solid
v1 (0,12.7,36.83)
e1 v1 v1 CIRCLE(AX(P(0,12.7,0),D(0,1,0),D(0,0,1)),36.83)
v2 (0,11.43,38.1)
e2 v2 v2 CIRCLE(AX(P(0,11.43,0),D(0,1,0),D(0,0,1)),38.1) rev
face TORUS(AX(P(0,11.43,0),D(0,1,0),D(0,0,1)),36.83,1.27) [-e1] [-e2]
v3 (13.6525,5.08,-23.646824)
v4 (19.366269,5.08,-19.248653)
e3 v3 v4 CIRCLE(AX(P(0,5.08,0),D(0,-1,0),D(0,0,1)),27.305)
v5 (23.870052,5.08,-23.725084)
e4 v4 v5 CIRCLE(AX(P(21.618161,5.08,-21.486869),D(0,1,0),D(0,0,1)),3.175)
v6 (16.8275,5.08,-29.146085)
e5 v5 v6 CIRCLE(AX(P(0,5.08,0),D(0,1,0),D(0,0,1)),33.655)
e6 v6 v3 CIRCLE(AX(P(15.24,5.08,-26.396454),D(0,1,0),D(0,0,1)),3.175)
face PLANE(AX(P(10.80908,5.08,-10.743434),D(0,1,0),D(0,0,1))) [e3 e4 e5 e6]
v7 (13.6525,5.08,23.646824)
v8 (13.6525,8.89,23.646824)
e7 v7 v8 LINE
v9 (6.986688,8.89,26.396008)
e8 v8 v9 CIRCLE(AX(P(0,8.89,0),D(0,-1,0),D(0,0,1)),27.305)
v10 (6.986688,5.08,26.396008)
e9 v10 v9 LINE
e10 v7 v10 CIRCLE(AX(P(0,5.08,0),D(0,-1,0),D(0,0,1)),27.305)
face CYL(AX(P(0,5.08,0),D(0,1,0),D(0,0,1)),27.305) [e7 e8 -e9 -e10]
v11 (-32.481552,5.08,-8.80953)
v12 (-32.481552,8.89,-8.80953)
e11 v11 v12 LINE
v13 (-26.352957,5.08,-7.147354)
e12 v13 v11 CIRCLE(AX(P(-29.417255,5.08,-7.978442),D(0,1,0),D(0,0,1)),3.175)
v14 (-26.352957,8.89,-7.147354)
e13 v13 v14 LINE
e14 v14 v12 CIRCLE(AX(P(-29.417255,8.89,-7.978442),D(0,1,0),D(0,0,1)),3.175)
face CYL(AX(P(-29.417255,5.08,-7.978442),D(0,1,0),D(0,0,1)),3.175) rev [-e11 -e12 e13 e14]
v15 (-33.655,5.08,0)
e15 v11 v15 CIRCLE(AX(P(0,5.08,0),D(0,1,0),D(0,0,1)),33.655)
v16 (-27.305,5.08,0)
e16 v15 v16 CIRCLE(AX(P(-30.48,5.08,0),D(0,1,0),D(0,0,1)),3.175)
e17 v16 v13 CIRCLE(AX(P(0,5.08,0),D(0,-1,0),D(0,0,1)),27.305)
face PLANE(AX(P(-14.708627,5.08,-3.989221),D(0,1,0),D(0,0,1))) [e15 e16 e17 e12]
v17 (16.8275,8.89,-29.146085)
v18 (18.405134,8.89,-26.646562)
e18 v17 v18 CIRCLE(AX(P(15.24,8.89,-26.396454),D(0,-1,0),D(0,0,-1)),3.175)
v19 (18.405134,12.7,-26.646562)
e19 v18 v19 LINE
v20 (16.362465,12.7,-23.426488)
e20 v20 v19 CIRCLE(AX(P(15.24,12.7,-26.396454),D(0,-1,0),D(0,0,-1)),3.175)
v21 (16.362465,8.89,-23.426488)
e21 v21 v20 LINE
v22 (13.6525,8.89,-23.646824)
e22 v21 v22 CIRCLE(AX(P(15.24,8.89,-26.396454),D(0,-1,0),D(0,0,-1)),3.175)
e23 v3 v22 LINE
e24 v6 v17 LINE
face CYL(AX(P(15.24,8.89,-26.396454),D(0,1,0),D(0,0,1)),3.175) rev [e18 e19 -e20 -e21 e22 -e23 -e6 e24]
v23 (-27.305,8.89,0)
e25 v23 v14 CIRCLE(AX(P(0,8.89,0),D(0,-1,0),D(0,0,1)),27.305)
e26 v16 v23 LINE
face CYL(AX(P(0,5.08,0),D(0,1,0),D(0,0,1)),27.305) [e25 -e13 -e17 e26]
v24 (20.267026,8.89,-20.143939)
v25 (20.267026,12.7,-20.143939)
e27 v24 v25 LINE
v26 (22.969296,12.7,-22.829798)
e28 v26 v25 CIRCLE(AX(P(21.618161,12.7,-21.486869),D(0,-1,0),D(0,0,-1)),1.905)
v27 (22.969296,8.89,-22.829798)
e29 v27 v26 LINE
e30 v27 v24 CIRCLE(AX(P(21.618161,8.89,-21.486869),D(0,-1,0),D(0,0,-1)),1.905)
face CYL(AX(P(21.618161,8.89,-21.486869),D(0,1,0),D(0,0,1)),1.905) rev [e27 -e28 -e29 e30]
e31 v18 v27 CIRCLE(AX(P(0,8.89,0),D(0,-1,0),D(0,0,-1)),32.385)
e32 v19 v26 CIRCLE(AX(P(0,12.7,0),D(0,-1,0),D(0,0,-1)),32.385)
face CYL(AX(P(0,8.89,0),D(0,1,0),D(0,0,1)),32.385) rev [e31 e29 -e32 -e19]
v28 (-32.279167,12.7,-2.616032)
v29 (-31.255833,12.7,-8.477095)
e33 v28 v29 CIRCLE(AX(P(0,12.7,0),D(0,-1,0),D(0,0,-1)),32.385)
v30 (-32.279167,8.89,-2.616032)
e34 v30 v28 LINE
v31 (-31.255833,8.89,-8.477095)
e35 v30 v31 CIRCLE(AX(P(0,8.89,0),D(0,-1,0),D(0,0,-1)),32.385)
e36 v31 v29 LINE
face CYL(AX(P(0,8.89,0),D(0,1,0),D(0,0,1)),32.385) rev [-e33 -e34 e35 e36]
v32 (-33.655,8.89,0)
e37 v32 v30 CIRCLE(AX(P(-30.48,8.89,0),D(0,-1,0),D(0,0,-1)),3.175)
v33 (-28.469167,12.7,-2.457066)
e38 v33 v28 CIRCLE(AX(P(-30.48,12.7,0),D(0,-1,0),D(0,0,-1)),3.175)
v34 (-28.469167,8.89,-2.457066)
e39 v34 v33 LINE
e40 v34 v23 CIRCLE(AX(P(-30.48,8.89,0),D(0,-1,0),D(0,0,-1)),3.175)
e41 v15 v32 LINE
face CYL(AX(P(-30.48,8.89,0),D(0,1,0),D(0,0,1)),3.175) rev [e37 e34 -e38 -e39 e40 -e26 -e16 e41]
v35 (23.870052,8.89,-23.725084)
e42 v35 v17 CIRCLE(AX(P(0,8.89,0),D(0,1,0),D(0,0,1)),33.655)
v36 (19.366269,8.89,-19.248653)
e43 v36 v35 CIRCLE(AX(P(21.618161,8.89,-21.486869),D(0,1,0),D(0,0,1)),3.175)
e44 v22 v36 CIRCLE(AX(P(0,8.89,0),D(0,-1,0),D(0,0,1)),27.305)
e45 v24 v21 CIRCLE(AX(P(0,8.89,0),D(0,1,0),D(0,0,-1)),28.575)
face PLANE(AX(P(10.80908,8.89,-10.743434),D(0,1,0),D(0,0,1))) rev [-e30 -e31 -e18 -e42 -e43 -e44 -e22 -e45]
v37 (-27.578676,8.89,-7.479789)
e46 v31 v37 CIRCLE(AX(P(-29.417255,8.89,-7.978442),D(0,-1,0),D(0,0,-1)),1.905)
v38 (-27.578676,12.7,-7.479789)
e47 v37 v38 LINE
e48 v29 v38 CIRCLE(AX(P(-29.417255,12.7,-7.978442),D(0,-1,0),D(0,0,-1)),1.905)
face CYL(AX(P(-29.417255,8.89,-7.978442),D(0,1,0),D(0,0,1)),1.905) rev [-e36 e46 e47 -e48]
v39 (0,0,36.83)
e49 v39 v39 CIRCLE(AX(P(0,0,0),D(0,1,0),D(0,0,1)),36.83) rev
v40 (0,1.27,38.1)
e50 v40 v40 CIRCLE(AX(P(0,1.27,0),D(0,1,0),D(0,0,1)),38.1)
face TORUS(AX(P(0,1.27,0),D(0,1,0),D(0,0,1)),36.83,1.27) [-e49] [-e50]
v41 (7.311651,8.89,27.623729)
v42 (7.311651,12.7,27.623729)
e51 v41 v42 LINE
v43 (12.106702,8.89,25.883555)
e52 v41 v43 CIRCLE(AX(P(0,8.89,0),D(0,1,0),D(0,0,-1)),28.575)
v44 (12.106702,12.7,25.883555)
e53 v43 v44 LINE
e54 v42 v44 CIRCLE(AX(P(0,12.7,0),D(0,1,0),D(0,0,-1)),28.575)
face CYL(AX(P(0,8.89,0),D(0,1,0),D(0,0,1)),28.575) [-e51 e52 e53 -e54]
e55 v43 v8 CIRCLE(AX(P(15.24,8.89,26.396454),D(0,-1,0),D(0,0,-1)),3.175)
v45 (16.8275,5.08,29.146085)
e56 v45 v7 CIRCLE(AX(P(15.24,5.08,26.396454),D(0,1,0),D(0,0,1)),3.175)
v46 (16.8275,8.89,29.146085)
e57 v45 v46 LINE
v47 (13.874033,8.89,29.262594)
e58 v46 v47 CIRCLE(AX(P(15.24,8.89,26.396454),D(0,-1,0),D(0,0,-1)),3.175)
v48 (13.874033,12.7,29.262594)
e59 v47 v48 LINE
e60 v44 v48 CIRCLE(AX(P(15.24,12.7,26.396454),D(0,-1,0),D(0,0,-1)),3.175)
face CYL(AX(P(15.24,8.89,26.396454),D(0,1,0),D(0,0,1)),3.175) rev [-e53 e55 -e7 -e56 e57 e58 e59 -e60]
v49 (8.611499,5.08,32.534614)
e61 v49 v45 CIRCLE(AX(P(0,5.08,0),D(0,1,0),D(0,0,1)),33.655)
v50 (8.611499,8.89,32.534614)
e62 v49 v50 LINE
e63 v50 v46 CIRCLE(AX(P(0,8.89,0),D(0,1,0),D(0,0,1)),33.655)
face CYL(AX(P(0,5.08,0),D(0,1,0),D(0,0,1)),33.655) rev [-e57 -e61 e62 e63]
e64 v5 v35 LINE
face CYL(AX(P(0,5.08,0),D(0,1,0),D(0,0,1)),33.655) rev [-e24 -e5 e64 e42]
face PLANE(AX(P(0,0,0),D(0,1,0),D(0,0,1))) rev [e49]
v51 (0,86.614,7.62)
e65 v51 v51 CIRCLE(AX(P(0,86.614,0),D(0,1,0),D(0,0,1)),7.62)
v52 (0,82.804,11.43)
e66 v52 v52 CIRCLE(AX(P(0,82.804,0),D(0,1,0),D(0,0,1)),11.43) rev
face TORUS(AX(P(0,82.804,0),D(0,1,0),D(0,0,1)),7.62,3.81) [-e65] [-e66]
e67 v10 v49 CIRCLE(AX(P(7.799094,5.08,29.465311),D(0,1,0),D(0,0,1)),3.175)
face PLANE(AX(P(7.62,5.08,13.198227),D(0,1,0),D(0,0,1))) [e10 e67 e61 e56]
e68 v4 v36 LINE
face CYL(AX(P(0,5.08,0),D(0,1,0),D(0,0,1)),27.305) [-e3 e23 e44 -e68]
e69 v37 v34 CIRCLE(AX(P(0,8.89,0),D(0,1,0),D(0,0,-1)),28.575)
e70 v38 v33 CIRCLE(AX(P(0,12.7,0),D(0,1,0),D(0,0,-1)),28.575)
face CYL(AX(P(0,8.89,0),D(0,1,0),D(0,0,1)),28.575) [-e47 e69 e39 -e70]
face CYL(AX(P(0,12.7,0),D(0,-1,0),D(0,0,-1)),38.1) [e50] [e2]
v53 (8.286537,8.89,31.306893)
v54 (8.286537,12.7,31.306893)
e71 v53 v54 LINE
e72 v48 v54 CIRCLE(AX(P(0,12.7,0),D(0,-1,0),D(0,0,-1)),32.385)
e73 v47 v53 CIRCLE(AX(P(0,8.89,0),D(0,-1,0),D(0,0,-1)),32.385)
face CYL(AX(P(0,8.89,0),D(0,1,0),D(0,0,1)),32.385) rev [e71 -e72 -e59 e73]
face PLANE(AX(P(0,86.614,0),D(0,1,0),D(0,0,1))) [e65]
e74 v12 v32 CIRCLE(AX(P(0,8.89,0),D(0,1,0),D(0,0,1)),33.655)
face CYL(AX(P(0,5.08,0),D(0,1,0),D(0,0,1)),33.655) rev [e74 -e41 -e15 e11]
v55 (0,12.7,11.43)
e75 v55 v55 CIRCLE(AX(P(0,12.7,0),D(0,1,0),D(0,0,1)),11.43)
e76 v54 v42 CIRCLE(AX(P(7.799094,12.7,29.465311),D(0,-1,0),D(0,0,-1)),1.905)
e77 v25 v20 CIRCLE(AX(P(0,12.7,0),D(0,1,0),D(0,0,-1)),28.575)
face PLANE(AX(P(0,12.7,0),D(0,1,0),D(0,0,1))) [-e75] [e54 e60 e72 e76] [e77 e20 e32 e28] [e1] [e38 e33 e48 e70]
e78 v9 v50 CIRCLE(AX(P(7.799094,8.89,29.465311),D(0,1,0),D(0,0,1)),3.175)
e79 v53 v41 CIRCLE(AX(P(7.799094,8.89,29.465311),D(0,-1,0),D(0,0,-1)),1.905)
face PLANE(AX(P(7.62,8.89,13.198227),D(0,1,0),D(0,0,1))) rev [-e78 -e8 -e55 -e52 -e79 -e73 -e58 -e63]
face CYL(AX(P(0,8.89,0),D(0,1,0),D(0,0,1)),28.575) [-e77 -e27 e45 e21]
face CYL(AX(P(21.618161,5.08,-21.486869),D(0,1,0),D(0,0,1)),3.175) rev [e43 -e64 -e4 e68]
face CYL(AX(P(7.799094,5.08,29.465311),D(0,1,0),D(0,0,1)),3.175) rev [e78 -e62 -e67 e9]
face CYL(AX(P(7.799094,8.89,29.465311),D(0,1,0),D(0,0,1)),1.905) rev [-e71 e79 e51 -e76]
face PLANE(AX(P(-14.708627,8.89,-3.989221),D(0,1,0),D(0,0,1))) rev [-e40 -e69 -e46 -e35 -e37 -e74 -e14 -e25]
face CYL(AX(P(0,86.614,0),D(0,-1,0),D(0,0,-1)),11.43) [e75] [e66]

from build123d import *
from build123d.topology import SkipClean

# Parameters (mm, degrees)
SKETCH1_R           = 38.1
BOSS_EXTRUDE1_DEPTH = 12.7
SKETCH2_R           = 11.43
BOSS_EXTRUDE2_DEPTH = 73.914
FILLET1_R           = 1.27
FILLET2_R           = 1.27
FILLET3_R           = 3.81
CUT_EXTRUDE2_DEPTH  = 3.81
CUT_EXTRUDE3_DEPTH  = 3.81


with BuildPart() as part:
    # Sketch1 → Boss-Extrude1 (new body)
    with BuildSketch(Plane(origin=(0, 0, 0), x_dir=(1, 0, 0), z_dir=(0, 1, 0))):
        with Locations(Location((0, 0, 0), (0, 0, 270))):
            Circle(SKETCH1_R)
    extrude(amount=BOSS_EXTRUDE1_DEPTH)

    # Sketch2 → Boss-Extrude2 (add)
    with BuildSketch(Plane(origin=(0, 12.7, 0), x_dir=(1, 0, 0), z_dir=(0, 1, 0))):
        with Locations(Location((0, 0, 0), (0, 0, 270))):
            Circle(SKETCH2_R)
    extrude(amount=BOSS_EXTRUDE2_DEPTH)

    # Fillet1
    fillet1_edges = [part.edges().sort_by_distance(p)[0] for p in [
        (0, 12.7, -38.1),
    ]]
    fillet(fillet1_edges, radius=FILLET1_R)

    # Fillet2
    fillet2_edges = [part.edges().sort_by_distance(p)[0] for p in [
        (0, 0, -38.1),
    ]]
    fillet(fillet2_edges, radius=FILLET2_R)

    # Fillet3
    fillet3_edges = [part.edges().sort_by_distance(p)[0] for p in [
        (0, 86.614, -11.43),
    ]]
    fillet(fillet3_edges, radius=FILLET3_R)

    # Sketch4 → Cut-Extrude2 (cut)
    with BuildSketch(Plane(origin=(0, 12.7, 0), x_dir=(-1, 0, 0), z_dir=(0, -1, 0))):
        with BuildLine():
            ThreePointArc((-12.106701586, -25.883554657), (-18.053418689, -24.924958375), (-13.874033018, -29.26259443))
            ThreePointArc((-13.874033018, -29.26259443), (-11.127331545, -30.41333125), (-8.286537239, -31.306892621))
            ThreePointArc((-8.286537239, -31.306892621), (-5.957511953, -29.952754069), (-7.311650505, -27.623728783))
            ThreePointArc((-7.311650505, -27.623728783), (-9.748084477, -26.860853933), (-12.106701586, -25.883554657))
        make_face()
        with BuildLine():
            ThreePointArc((28.469166667, 2.457066199), (30.612356486, -3.172240023), (32.279166667, 2.616032168))
            ThreePointArc((32.279166667, 2.616032168), (31.902383248, 5.570113831), (31.255832943, 8.477094553))
            ThreePointArc((31.255832943, 8.477094553), (28.918601914, 9.81702034), (27.578676126, 7.479789311))
            ThreePointArc((27.578676126, 7.479789311), (28.136224112, 4.988338171), (28.469166667, 2.457066199))
        make_face()
        with BuildLine():
            ThreePointArc((-16.36246508, 23.426488458), (-12.558937796, 28.097198398), (-18.405133648, 26.646562262))
            ThreePointArc((-18.405133648, 26.646562262), (-20.775051704, 24.843217419), (-22.969295704, 22.829798069))
            ThreePointArc((-22.969295704, 22.829798069), (-22.961089961, 20.135733729), (-20.267025621, 20.143939472))
            ThreePointArc((-20.267025621, 20.143939472), (-18.388139635, 21.872515762), (-16.36246508, 23.426488458))
        make_face()
    extrude(amount=CUT_EXTRUDE2_DEPTH, mode=Mode.SUBTRACT)

    # Sketch5 → Cut-Extrude3 (cut)
    with SkipClean():  # the faces are left unmerged after this step: merging them gives an invalid solid
        with BuildSketch(Plane(origin=(0, 8.89, 0), x_dir=(1, 0, 0), z_dir=(0, 1, 0))):
            with BuildLine():
                ThreePointArc((16.8275, -29.146084964), (17.989630657, -24.808954307), (13.6525, -23.64682365))
                ThreePointArc((13.6525, -23.64682365), (10.410740895, -25.242414683), (6.98668826, -26.396007504))
                ThreePointArc((6.98668826, -26.396007504), (4.729790674, -30.277716314), (8.611499483, -32.5346139))
                ThreePointArc((8.611499483, -32.5346139), (12.831843428, -31.112743679), (16.8275, -29.146084964))
            make_face()
            with BuildLine():
                ThreePointArc((-32.481551882, 8.809529633), (-33.360348122, 4.443669453), (-33.655, 0))
                ThreePointArc((-33.655, 0), (-30.48, -3.175), (-27.305, 0))
                ThreePointArc((-27.305, 0), (-27.065942816, 3.605241255), (-26.352957187, 7.147354231))
                ThreePointArc((-26.352957187, 7.147354231), (-28.586166833, 11.042739279), (-32.481551882, 8.809529633))
            make_face()
            with BuildLine():
                ThreePointArc((23.870052398, 23.725084267), (20.528504693, 26.669074226), (16.8275, 29.146084964))
                ThreePointArc((16.8275, 29.146084964), (12.490369343, 27.983954307), (13.6525, 23.64682365))
                ThreePointArc((13.6525, 23.64682365), (16.655201921, 21.637173428), (19.366268927, 19.248653274))
                ThreePointArc((19.366268927, 19.248653274), (23.85637616, 19.234977035), (23.870052398, 23.725084267))
            make_face()
        extrude(amount=-CUT_EXTRUDE3_DEPTH, mode=Mode.SUBTRACT)


solid = part.part
